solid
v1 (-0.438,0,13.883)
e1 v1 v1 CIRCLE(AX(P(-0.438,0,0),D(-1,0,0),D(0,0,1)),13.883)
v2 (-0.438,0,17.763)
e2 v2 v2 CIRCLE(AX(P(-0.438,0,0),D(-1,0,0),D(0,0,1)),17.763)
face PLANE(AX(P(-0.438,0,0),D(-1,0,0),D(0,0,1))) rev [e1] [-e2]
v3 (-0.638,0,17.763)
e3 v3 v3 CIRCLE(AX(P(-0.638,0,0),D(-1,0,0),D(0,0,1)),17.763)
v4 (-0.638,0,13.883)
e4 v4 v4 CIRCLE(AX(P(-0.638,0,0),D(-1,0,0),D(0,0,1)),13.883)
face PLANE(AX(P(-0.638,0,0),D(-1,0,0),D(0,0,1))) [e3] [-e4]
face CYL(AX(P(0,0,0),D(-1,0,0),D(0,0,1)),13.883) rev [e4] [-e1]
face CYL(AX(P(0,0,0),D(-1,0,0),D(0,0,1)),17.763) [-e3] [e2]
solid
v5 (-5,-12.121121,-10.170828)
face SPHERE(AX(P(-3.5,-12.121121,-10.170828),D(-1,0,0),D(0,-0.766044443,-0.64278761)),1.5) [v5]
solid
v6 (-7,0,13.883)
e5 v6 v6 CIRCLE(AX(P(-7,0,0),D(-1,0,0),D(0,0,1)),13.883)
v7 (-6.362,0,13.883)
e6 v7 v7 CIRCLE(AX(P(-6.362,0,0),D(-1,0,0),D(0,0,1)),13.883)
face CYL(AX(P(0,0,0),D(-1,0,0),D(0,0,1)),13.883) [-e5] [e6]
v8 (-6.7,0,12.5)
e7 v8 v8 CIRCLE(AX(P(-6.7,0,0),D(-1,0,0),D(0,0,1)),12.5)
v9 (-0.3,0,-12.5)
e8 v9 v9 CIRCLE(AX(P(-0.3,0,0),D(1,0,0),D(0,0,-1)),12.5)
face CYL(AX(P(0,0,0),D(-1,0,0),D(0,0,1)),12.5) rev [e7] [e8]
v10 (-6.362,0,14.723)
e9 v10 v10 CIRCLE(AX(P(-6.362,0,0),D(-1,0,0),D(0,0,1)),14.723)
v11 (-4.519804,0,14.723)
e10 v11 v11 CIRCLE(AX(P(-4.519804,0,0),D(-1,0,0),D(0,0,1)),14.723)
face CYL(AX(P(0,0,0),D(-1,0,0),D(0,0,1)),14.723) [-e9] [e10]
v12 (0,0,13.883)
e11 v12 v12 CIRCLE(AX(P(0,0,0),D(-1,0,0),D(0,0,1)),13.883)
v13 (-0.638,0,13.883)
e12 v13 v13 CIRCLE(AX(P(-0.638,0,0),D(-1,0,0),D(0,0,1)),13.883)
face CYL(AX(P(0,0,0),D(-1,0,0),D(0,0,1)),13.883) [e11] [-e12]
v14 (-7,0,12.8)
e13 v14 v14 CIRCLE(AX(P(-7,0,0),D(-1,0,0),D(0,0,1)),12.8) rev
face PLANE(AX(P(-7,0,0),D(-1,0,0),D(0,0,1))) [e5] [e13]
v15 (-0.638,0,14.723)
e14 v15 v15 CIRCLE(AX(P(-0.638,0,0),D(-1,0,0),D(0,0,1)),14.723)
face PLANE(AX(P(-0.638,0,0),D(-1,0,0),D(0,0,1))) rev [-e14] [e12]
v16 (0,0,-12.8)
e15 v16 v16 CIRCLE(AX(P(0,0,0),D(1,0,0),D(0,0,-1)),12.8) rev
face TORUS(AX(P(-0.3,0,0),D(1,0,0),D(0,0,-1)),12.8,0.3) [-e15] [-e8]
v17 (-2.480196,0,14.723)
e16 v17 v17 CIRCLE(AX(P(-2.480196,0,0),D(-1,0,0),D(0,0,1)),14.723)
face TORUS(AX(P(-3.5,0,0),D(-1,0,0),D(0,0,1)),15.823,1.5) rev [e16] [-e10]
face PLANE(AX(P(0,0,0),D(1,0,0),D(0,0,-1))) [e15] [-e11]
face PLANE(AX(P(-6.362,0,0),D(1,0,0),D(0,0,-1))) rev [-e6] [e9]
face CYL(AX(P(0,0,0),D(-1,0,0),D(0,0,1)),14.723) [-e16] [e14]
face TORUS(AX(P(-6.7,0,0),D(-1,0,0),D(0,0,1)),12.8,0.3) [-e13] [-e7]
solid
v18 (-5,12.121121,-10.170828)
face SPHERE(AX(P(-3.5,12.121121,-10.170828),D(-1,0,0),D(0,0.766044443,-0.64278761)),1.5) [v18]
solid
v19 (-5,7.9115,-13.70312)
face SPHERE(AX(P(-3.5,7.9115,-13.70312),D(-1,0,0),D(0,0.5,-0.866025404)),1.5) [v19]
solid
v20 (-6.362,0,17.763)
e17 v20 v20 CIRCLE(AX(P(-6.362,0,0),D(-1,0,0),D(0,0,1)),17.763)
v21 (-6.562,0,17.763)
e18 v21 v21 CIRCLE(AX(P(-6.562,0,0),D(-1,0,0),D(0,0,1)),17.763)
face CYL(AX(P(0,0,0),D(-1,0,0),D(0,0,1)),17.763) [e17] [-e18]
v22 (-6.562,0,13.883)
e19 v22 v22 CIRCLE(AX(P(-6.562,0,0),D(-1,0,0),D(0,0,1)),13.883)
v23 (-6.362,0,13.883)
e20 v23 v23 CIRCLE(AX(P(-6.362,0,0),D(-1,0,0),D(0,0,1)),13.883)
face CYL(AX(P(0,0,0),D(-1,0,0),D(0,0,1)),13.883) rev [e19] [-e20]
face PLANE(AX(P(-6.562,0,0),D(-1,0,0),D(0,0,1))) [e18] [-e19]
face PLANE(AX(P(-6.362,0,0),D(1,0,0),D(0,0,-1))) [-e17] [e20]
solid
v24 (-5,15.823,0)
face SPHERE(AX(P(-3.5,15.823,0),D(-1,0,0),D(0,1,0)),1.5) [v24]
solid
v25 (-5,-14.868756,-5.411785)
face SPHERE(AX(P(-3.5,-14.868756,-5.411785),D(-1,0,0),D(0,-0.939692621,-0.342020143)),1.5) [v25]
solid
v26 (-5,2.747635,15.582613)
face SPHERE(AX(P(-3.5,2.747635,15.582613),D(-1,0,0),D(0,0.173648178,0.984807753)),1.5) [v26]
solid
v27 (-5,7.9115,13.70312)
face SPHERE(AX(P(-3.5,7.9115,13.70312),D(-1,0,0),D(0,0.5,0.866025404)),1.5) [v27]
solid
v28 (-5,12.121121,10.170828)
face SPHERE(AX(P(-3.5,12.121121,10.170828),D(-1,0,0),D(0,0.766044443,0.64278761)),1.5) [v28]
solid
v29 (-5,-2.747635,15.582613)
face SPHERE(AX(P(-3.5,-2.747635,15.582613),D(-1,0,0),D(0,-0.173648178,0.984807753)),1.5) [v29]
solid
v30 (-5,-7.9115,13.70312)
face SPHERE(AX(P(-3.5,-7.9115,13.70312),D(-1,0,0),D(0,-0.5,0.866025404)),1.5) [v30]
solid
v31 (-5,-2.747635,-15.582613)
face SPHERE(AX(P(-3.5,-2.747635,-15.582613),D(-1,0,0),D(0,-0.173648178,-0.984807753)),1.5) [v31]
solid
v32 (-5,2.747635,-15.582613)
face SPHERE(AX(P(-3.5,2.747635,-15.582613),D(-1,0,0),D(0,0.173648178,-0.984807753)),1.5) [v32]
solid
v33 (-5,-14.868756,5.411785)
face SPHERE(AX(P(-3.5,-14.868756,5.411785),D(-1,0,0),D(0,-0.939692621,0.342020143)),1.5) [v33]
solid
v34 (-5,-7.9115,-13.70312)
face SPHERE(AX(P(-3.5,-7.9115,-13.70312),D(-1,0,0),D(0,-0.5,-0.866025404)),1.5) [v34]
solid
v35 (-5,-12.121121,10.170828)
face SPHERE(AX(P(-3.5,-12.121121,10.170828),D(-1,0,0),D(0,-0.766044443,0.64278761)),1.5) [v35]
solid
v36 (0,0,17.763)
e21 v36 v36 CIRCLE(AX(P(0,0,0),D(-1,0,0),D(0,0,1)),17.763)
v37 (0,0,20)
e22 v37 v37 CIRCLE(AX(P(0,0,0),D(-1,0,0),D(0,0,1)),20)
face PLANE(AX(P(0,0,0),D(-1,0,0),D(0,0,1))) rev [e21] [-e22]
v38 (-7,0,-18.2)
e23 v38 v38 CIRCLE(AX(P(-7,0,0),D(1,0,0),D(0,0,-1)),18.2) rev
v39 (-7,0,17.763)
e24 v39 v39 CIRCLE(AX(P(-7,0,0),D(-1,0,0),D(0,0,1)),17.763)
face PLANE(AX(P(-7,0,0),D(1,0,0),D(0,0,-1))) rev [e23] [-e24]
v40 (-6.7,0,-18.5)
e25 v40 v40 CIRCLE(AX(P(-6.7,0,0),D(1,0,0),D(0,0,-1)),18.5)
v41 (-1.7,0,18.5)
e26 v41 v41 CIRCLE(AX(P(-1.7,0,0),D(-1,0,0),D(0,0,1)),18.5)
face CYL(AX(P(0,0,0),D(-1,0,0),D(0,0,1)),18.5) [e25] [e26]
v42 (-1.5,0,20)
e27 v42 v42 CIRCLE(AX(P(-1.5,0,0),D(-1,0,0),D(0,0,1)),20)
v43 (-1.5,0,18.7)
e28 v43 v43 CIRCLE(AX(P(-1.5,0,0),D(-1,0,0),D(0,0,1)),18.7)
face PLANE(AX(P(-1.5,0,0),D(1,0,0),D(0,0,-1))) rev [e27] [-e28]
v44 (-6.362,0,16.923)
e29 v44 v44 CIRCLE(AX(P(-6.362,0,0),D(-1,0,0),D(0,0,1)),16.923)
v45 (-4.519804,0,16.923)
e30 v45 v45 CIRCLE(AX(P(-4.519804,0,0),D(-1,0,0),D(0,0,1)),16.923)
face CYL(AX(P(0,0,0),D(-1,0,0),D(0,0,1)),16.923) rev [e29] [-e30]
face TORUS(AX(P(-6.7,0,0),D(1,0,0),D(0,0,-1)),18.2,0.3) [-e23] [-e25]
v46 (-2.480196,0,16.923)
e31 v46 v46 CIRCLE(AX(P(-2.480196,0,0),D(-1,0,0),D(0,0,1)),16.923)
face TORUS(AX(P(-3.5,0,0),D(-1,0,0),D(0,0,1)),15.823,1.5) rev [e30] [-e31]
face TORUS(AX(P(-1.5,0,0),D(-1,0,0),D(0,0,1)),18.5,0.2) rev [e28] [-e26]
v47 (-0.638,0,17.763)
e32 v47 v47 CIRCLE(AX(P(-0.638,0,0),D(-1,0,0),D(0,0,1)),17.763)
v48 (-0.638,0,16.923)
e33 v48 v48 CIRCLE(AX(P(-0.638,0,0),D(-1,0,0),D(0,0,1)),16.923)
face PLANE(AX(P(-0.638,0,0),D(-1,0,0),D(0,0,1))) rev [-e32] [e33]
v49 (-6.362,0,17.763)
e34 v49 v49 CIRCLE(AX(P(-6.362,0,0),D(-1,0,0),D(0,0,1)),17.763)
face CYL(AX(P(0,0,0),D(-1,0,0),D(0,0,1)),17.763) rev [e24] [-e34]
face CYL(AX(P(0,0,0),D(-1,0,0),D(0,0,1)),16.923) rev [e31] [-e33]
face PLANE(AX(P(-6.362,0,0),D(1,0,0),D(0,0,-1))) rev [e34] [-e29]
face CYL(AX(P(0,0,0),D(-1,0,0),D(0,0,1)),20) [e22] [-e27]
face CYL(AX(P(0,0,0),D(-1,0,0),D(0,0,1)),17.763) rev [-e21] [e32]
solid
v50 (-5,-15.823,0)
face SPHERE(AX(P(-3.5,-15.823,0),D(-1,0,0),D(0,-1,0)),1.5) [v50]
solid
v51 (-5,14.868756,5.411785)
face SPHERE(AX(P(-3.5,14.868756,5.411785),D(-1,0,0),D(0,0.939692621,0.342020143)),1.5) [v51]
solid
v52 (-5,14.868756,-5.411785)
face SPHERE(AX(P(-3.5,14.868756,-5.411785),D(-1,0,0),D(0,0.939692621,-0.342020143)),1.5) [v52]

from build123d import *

# Parameters (mm, degrees)
PATTERN_CIRCULAR_5_COUNT = 18
SKETCH_1_3_W             = 0.2
SKETCH_1_3_H             = 3.88
FILLET_1_R               = 0.3
FILLET_2_R               = 0.3


with BuildPart() as part:
    # ｽｹｯﾁ1 → 回転1 (revolve)
    with BuildSketch(Plane.XY):
        with BuildLine():
            Line((0, 17.763), (0, 20))
            Line((0, 20), (-1.5, 20))
            Line((-1.5, 20), (-1.5, 18.7))
            ThreePointArc((-1.5, 18.7), (-1.358578644, 18.358578644), (-1.7, 18.5))
            Line((-1.7, 18.5), (-7, 18.5))
            Line((-7, 18.5), (-7, 17.763))
            Line((-7, 17.763), (-6.362, 17.763))
            Line((-6.362, 17.763), (-6.362, 16.923))
            Line((-6.362, 16.923), (-4.519803903, 16.923))
            ThreePointArc((-4.519803903, 16.923), (-3.5, 17.323), (-2.480196097, 16.923))
            Line((-2.480196097, 16.923), (-0.638, 16.923))
            Line((-0.638, 16.923), (-0.638, 17.763))
            Line((-0.638, 17.763), (0, 17.763))
        make_face()
        with BuildLine():
            Line((0, 13.883), (-0.638, 13.883))
            Line((-0.638, 13.883), (-0.638, 14.723))
            Line((-0.638, 14.723), (-2.480196097, 14.723))
            ThreePointArc((-2.480196097, 14.723), (-3.5, 14.323), (-4.519803903, 14.723))
            Line((-4.519803903, 14.723), (-6.362, 14.723))
            Line((-6.362, 14.723), (-6.362, 13.883))
            Line((-6.362, 13.883), (-7, 13.883))
            Line((-7, 13.883), (-7, 12.5))
            Line((-7, 12.5), (0, 12.5))
            Line((0, 12.5), (0, 13.883))
        make_face()
    revolve(axis=Axis((0, 0, 0), (1, 0, 0)))

    # ﾌｨﾚｯﾄ1
    fillet_1_edges = [part.edges().sort_by_distance(p)[0] for p in [
        (0, -12.5, 0),
        (-7, -12.5, 0),
    ]]
    fillet(fillet_1_edges, radius=FILLET_1_R)

    # ﾌｨﾚｯﾄ2
    fillet_2_edges = [part.edges().sort_by_distance(p)[0] for p in [
        (-7, -18.5, 0),
    ]]
    fillet(fillet_2_edges, radius=FILLET_2_R)


with BuildPart() as body_2:
    # ｽｹｯﾁ1<4> → 回転3 (revolve)
    with BuildSketch(Plane.XY):
        with BuildLine():
            ThreePointArc((-2, 15.823), (-2.125280782, 16.423122548), (-2.480196097, 16.923))
            ThreePointArc((-2.480196097, 16.923), (-3.5, 17.323), (-4.519803903, 16.923))
            ThreePointArc((-4.519803903, 16.923), (-4.874719218, 16.423122548), (-5, 15.823))
            Line((-5, 15.823), (-2, 15.823))
        make_face()
    revolve(axis=Axis((-7, 15.823, 0), (1, 0, 0)))


with BuildPart() as pattern_circular_5_1:
    # 円形ﾊﾟﾀｰﾝ5: pattern copy
    add(body_2.part.rotate(Axis((0, 0, 0), (-1, 0, 0)), 1 * 360 / PATTERN_CIRCULAR_5_COUNT))


with BuildPart() as pattern_circular_5_2:
    # 円形ﾊﾟﾀｰﾝ5: pattern copy
    add(body_2.part.rotate(Axis((0, 0, 0), (-1, 0, 0)), 2 * 360 / PATTERN_CIRCULAR_5_COUNT))


with BuildPart() as pattern_circular_5_3:
    # 円形ﾊﾟﾀｰﾝ5: pattern copy
    add(body_2.part.rotate(Axis((0, 0, 0), (-1, 0, 0)), 3 * 360 / PATTERN_CIRCULAR_5_COUNT))


with BuildPart() as pattern_circular_5_4:
    # 円形ﾊﾟﾀｰﾝ5: pattern copy
    add(body_2.part.rotate(Axis((0, 0, 0), (-1, 0, 0)), 4 * 360 / PATTERN_CIRCULAR_5_COUNT))


with BuildPart() as pattern_circular_5_5:
    # 円形ﾊﾟﾀｰﾝ5: pattern copy
    add(body_2.part.rotate(Axis((0, 0, 0), (-1, 0, 0)), 5 * 360 / PATTERN_CIRCULAR_5_COUNT))


with BuildPart() as pattern_circular_5_6:
    # 円形ﾊﾟﾀｰﾝ5: pattern copy
    add(body_2.part.rotate(Axis((0, 0, 0), (-1, 0, 0)), 6 * 360 / PATTERN_CIRCULAR_5_COUNT))


with BuildPart() as pattern_circular_5_7:
    # 円形ﾊﾟﾀｰﾝ5: pattern copy
    add(body_2.part.rotate(Axis((0, 0, 0), (-1, 0, 0)), 7 * 360 / PATTERN_CIRCULAR_5_COUNT))


with BuildPart() as pattern_circular_5_8:
    # 円形ﾊﾟﾀｰﾝ5: pattern copy
    add(body_2.part.rotate(Axis((0, 0, 0), (-1, 0, 0)), 8 * 360 / PATTERN_CIRCULAR_5_COUNT))


with BuildPart() as pattern_circular_5_9:
    # 円形ﾊﾟﾀｰﾝ5: pattern copy
    add(body_2.part.rotate(Axis((0, 0, 0), (-1, 0, 0)), 9 * 360 / PATTERN_CIRCULAR_5_COUNT))


with BuildPart() as pattern_circular_5_10:
    # 円形ﾊﾟﾀｰﾝ5: pattern copy
    add(body_2.part.rotate(Axis((0, 0, 0), (-1, 0, 0)), 10 * 360 / PATTERN_CIRCULAR_5_COUNT))


with BuildPart() as pattern_circular_5_11:
    # 円形ﾊﾟﾀｰﾝ5: pattern copy
    add(body_2.part.rotate(Axis((0, 0, 0), (-1, 0, 0)), 11 * 360 / PATTERN_CIRCULAR_5_COUNT))


with BuildPart() as pattern_circular_5_12:
    # 円形ﾊﾟﾀｰﾝ5: pattern copy
    add(body_2.part.rotate(Axis((0, 0, 0), (-1, 0, 0)), 12 * 360 / PATTERN_CIRCULAR_5_COUNT))


with BuildPart() as pattern_circular_5_13:
    # 円形ﾊﾟﾀｰﾝ5: pattern copy
    add(body_2.part.rotate(Axis((0, 0, 0), (-1, 0, 0)), 13 * 360 / PATTERN_CIRCULAR_5_COUNT))


with BuildPart() as pattern_circular_5_14:
    # 円形ﾊﾟﾀｰﾝ5: pattern copy
    add(body_2.part.rotate(Axis((0, 0, 0), (-1, 0, 0)), 14 * 360 / PATTERN_CIRCULAR_5_COUNT))


with BuildPart() as pattern_circular_5_15:
    # 円形ﾊﾟﾀｰﾝ5: pattern copy
    add(body_2.part.rotate(Axis((0, 0, 0), (-1, 0, 0)), 15 * 360 / PATTERN_CIRCULAR_5_COUNT))


with BuildPart() as pattern_circular_5_16:
    # 円形ﾊﾟﾀｰﾝ5: pattern copy
    add(body_2.part.rotate(Axis((0, 0, 0), (-1, 0, 0)), 16 * 360 / PATTERN_CIRCULAR_5_COUNT))


with BuildPart() as pattern_circular_5_17:
    # 円形ﾊﾟﾀｰﾝ5: pattern copy
    add(body_2.part.rotate(Axis((0, 0, 0), (-1, 0, 0)), 17 * 360 / PATTERN_CIRCULAR_5_COUNT))


with BuildPart() as body_20:
    # ｽｹｯﾁ1<3> → 回転2 (revolve)
    with BuildSketch(Plane.XY):
        with Locations((-0.538, 15.823)):
            Rectangle(SKETCH_1_3_W, SKETCH_1_3_H)
        with Locations((-6.462, 15.823)):
            Rectangle(SKETCH_1_3_W, SKETCH_1_3_H)
    revolve(axis=Axis((0, 0, 0), (1, 0, 0)))


solid = Compound([part.part, body_2.part, pattern_circular_5_1.part, pattern_circular_5_2.part, pattern_circular_5_3.part, pattern_circular_5_4.part, pattern_circular_5_5.part, pattern_circular_5_6.part, pattern_circular_5_7.part, pattern_circular_5_8.part, pattern_circular_5_9.part, pattern_circular_5_10.part, pattern_circular_5_11.part, pattern_circular_5_12.part, pattern_circular_5_13.part, pattern_circular_5_14.part, pattern_circular_5_15.part, pattern_circular_5_16.part, pattern_circular_5_17.part, body_20.part])
